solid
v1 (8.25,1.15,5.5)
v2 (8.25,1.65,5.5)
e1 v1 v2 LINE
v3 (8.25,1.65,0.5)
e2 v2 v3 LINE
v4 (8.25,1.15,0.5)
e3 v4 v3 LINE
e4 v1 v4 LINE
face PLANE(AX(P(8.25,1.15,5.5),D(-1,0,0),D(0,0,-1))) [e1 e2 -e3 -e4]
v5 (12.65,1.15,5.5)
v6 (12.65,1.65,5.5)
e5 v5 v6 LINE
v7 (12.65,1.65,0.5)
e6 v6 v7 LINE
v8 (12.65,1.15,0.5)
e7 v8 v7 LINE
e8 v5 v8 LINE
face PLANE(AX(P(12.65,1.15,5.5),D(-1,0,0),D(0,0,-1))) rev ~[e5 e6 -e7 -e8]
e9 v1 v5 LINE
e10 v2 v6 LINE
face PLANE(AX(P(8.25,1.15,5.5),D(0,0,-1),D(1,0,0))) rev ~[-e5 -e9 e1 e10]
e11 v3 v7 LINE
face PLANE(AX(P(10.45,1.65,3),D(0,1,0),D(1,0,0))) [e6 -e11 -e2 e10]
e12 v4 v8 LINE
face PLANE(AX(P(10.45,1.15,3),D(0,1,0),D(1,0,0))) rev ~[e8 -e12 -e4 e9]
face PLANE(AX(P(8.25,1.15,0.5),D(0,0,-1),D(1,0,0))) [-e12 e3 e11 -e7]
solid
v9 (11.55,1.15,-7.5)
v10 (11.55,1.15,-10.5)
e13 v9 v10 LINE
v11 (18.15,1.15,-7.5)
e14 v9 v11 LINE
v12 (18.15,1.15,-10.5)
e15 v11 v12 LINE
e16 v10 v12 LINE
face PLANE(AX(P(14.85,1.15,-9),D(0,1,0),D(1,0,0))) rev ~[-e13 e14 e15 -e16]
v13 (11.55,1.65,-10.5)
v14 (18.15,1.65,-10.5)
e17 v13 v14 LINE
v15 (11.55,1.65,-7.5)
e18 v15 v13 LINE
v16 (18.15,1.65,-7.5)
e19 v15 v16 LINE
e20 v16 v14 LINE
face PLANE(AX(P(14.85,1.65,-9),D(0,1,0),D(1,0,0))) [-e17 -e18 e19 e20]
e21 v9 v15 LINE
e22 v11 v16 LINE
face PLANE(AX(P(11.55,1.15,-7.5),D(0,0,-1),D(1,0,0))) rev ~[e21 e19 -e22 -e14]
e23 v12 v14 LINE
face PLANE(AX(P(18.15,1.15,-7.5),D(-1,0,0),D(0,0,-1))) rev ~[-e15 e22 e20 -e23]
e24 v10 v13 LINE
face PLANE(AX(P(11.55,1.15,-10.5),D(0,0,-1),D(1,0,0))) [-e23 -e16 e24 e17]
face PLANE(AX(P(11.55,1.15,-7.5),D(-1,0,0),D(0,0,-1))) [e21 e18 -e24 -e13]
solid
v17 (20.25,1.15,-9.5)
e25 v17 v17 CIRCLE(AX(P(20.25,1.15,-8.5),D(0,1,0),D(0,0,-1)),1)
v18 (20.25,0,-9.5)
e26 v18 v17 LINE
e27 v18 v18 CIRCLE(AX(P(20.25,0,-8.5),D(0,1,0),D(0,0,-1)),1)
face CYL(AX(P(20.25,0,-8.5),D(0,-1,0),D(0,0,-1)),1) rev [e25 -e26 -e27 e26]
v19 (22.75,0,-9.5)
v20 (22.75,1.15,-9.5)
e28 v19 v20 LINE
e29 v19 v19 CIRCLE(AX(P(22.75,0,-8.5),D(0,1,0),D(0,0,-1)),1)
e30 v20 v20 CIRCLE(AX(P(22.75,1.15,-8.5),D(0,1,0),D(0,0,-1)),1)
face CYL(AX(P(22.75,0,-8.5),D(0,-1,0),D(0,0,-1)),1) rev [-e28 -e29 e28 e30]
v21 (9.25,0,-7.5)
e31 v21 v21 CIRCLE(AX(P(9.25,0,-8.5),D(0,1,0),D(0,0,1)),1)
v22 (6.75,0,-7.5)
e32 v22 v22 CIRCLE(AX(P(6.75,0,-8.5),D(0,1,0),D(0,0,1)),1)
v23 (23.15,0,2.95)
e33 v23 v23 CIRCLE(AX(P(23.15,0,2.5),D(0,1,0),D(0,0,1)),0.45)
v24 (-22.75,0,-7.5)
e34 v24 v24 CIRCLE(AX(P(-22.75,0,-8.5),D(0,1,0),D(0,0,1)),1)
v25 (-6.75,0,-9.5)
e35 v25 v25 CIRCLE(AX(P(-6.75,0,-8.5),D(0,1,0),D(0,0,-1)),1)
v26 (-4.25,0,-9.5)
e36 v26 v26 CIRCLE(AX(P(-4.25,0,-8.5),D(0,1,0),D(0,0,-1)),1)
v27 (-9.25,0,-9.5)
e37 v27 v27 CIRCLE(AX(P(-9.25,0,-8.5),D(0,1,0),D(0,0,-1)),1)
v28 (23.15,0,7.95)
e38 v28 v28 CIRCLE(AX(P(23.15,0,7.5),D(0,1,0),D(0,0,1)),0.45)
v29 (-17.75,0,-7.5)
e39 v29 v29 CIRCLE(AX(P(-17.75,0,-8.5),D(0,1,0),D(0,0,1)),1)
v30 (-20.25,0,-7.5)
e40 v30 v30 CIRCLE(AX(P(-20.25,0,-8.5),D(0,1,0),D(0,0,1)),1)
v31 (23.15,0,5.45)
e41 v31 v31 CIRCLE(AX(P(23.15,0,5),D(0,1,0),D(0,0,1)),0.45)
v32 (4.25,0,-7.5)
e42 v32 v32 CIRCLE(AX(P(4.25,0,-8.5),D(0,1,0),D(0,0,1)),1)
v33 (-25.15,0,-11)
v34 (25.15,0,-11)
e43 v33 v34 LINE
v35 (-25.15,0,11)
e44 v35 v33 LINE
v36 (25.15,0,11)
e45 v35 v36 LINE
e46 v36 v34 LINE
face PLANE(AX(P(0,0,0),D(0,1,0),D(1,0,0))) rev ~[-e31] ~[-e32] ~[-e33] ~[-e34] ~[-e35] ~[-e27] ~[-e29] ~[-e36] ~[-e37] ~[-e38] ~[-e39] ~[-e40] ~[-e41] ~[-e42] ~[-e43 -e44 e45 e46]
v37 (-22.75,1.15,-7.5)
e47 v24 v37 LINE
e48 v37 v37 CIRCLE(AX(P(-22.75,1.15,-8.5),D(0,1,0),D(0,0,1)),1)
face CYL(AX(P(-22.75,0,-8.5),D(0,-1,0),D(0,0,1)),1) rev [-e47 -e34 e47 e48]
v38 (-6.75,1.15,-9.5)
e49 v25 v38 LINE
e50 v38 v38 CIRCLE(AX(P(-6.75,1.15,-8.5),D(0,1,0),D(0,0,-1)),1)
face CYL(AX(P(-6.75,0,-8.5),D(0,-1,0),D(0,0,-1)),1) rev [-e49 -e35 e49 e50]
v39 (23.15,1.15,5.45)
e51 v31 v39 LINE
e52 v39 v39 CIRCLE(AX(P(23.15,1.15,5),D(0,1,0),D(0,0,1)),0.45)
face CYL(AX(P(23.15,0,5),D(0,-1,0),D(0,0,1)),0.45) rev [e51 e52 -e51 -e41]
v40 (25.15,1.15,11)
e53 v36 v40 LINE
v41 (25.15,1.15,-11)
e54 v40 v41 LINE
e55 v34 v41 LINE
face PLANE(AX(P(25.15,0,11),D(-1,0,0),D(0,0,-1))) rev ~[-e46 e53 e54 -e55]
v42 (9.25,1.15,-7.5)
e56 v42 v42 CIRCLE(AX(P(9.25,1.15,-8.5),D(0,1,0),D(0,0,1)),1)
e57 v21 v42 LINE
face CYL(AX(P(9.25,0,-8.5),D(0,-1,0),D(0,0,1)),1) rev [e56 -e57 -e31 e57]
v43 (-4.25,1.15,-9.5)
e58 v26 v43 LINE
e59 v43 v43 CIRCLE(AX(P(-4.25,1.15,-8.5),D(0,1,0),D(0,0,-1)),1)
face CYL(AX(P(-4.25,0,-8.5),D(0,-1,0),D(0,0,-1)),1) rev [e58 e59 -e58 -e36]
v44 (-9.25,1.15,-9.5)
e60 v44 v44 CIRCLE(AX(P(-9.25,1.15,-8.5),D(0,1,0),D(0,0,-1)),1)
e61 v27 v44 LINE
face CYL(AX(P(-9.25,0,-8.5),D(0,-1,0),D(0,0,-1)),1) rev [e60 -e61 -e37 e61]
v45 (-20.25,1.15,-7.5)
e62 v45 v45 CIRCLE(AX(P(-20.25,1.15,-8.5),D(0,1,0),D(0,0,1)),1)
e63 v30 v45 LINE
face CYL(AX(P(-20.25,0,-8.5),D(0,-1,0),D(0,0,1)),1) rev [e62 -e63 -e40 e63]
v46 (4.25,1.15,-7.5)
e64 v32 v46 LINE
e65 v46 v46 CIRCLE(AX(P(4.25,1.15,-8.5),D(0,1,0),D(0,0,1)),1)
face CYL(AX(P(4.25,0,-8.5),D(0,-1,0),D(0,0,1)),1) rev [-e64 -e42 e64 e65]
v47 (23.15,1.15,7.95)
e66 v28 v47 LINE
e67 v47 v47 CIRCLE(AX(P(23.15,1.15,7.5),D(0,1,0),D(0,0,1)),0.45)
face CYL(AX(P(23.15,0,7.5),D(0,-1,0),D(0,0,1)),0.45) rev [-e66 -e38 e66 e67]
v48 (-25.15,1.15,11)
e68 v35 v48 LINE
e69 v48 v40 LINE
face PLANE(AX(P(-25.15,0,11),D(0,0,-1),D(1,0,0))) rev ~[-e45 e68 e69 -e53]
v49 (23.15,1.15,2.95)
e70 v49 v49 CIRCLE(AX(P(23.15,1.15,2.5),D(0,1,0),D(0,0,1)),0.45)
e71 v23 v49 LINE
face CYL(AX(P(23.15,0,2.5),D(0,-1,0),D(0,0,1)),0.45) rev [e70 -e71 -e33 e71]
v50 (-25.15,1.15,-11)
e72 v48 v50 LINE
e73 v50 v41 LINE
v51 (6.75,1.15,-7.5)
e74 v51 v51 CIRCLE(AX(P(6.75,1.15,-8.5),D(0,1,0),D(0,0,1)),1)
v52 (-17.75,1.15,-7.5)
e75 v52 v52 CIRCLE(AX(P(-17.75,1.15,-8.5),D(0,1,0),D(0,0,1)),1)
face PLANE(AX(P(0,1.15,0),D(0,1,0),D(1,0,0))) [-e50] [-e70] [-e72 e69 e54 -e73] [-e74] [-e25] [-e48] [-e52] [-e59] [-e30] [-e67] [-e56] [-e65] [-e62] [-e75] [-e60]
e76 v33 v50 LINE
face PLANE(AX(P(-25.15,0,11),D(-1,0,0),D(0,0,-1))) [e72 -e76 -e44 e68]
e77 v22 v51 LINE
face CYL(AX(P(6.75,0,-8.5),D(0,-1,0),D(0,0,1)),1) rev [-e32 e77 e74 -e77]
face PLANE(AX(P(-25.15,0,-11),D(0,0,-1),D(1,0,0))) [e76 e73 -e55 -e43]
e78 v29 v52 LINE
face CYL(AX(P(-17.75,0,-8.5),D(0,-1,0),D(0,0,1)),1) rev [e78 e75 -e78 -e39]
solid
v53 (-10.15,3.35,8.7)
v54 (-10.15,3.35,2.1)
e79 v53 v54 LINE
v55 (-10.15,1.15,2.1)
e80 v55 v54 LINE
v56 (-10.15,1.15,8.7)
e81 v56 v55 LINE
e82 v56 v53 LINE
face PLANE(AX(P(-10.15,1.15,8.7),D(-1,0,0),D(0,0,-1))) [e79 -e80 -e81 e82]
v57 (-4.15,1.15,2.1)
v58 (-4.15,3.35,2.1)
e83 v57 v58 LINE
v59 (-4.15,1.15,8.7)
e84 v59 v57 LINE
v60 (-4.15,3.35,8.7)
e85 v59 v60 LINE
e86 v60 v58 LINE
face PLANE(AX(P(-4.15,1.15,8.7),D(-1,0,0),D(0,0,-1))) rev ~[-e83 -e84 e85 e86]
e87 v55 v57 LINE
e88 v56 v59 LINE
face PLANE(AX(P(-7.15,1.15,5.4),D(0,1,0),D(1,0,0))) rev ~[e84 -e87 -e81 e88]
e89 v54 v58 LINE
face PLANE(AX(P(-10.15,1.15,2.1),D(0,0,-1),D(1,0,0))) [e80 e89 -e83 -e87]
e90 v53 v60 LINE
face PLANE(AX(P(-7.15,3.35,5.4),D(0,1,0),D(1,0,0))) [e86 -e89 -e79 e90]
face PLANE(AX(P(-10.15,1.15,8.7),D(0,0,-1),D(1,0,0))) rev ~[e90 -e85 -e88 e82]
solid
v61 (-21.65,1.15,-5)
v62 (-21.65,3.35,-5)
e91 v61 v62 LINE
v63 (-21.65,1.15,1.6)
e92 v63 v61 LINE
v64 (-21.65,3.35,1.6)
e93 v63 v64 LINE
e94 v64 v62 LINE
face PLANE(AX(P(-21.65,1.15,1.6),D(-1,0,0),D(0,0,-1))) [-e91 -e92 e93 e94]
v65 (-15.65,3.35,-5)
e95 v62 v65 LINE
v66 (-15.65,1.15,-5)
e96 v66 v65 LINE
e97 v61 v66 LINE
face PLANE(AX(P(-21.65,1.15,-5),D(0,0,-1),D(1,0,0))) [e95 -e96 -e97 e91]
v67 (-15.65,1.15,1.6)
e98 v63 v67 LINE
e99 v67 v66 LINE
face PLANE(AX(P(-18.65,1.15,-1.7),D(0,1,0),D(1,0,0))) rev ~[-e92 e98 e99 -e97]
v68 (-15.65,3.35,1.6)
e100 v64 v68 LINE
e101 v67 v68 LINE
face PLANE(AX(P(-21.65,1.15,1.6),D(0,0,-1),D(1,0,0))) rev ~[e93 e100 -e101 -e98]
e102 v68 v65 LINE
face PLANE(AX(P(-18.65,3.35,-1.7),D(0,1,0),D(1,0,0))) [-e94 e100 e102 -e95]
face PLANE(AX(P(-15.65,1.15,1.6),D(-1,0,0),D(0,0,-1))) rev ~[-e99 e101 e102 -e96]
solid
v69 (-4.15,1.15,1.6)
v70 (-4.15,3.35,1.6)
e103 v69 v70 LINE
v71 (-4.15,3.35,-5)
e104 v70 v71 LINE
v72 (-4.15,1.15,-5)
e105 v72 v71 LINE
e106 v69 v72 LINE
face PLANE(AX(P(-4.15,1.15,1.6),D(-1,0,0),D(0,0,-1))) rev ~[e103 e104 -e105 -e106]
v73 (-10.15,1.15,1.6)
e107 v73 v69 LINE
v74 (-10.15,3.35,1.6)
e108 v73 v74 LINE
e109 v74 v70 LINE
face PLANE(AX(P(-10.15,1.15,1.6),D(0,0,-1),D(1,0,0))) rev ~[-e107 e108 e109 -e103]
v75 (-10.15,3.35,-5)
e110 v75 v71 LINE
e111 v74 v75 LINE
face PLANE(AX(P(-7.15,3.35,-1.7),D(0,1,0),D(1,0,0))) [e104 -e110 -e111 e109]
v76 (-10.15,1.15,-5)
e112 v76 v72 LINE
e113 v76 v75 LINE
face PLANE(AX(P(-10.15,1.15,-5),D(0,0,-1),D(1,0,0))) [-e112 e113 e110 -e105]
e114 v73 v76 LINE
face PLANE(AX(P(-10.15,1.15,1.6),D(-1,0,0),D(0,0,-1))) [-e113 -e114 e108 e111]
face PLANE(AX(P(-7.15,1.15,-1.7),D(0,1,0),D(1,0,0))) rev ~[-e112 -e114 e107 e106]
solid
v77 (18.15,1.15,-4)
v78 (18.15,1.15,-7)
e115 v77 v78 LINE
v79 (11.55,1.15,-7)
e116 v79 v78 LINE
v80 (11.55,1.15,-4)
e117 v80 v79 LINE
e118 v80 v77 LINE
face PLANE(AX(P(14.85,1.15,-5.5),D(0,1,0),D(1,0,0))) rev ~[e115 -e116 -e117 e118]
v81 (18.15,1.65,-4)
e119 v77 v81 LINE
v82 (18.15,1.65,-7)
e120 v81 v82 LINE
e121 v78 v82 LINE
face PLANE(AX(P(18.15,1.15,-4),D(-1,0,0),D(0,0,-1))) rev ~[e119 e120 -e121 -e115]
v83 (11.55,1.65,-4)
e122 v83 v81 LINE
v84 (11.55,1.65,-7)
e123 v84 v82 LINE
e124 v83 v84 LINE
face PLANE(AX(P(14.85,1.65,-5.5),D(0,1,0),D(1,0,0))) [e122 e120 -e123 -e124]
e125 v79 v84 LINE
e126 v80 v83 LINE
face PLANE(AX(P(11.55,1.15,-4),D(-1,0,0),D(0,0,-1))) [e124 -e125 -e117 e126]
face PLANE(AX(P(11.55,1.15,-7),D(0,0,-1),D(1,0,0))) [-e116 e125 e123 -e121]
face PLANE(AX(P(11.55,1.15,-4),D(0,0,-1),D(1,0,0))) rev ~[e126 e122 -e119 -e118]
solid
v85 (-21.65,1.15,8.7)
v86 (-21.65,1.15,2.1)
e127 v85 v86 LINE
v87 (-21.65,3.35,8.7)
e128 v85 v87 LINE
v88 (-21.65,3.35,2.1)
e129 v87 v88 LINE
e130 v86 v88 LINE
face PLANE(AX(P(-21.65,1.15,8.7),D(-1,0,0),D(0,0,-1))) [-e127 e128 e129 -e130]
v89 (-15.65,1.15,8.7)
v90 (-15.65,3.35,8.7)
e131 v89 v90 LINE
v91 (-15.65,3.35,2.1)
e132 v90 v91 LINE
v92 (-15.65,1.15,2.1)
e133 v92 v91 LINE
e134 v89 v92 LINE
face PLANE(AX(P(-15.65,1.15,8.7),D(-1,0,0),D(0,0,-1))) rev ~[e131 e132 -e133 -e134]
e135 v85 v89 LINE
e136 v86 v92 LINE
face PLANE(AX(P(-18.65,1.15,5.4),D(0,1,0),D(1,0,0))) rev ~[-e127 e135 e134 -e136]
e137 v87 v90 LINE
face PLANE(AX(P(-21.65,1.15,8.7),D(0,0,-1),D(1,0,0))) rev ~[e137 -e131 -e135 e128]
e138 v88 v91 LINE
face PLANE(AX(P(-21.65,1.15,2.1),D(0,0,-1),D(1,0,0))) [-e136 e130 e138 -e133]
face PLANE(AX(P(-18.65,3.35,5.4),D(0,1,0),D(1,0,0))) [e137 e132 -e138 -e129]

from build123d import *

# Parameters (mm, degrees)
CROQUIS1_W                = 50.3
CROQUIS1_H                = 22
CROQUIS1_R                = 0.45
CROQUIS1_R_2              = 1
SALIENTE_EXTRUIR1_DEPTH   = 1.15
CROQUIS2_W                = 6
CROQUIS2_H                = 6.6
SALIENTE_EXTRUIR2_DEPTH   = 2.2
SALIENTE_EXTRUIR2_2_DEPTH = 2.2
SALIENTE_EXTRUIR2_3_DEPTH = 2.2
SALIENTE_EXTRUIR2_4_DEPTH = 2.2
CROQUIS3_W                = 4.4
CROQUIS3_H                = 5
SALIENTE_EXTRUIR3_DEPTH   = 0.5
CROQUIS3_W_2              = 6.6
CROQUIS3_H_2              = 3
SALIENTE_EXTRUIR3_2_DEPTH = 0.5
SALIENTE_EXTRUIR3_3_DEPTH = 0.5


with BuildPart() as part:
    # Croquis1 → Saliente-Extruir1 (new body)
    with BuildSketch(Plane(origin=(0, 0, 0), x_dir=(1, 0, 0), z_dir=(0, 1, 0))):
        Rectangle(CROQUIS1_W, CROQUIS1_H)
        with Locations(Location((23.15, -7.5, 0), (0, 0, 270))):
            Circle(CROQUIS1_R, mode=Mode.SUBTRACT)
        with Locations(Location((23.15, -5, 0), (0, 0, 270))):
            Circle(CROQUIS1_R, mode=Mode.SUBTRACT)
        with Locations(Location((23.15, -2.5, 0), (0, 0, 270))):
            Circle(CROQUIS1_R, mode=Mode.SUBTRACT)
        with Locations(Location((4.25, 8.5, 0), (0, 0, 270))):
            Circle(CROQUIS1_R_2, mode=Mode.SUBTRACT)
        with Locations(Location((6.75, 8.5, 0), (0, 0, 270))):
            Circle(CROQUIS1_R_2, mode=Mode.SUBTRACT)
        with Locations(Location((9.25, 8.5, 0), (0, 0, 270))):
            Circle(CROQUIS1_R_2, mode=Mode.SUBTRACT)
        with Locations(Location((-9.25, 8.5, 0), (0, 0, 90))):
            Circle(CROQUIS1_R_2, mode=Mode.SUBTRACT)
        with Locations(Location((-6.75, 8.5, 0), (0, 0, 90))):
            Circle(CROQUIS1_R_2, mode=Mode.SUBTRACT)
        with Locations(Location((-4.25, 8.5, 0), (0, 0, 90))):
            Circle(CROQUIS1_R_2, mode=Mode.SUBTRACT)
        with Locations(Location((-22.75, 8.5, 0), (0, 0, 270))):
            Circle(CROQUIS1_R_2, mode=Mode.SUBTRACT)
        with Locations(Location((-20.25, 8.5, 0), (0, 0, 270))):
            Circle(CROQUIS1_R_2, mode=Mode.SUBTRACT)
        with Locations(Location((-17.75, 8.5, 0), (0, 0, 270))):
            Circle(CROQUIS1_R_2, mode=Mode.SUBTRACT)
        with Locations(Location((22.75, 8.5, 0), (0, 0, 90))):
            Circle(CROQUIS1_R_2, mode=Mode.SUBTRACT)
        with Locations(Location((20.25, 8.5, 0), (0, 0, 90))):
            Circle(CROQUIS1_R_2, mode=Mode.SUBTRACT)
    extrude(amount=SALIENTE_EXTRUIR1_DEPTH)


with BuildPart() as body_2:
    # Croquis2 → Saliente-Extruir2 (new body)
    with BuildSketch(Plane(origin=(0, 1.15, 0), x_dir=(1, 0, 0), z_dir=(0, 1, 0))):
        with Locations((-18.65, 1.7)):
            Rectangle(CROQUIS2_W, CROQUIS2_H)
    extrude(amount=SALIENTE_EXTRUIR2_DEPTH)


with BuildPart() as body_3:
    # Croquis2 → Saliente-Extruir2 2 (new body)
    with BuildSketch(Plane(origin=(0, 1.15, 0), x_dir=(1, 0, 0), z_dir=(0, 1, 0))):
        with Locations((-7.15, 1.7)):
            Rectangle(CROQUIS2_W, CROQUIS2_H)
    extrude(amount=SALIENTE_EXTRUIR2_2_DEPTH)


with BuildPart() as body_4:
    # Croquis2 → Saliente-Extruir2 3 (new body)
    with BuildSketch(Plane(origin=(0, 1.15, 0), x_dir=(1, 0, 0), z_dir=(0, 1, 0))):
        with Locations((-7.15, -5.4)):
            Rectangle(CROQUIS2_W, CROQUIS2_H)
    extrude(amount=SALIENTE_EXTRUIR2_3_DEPTH)


with BuildPart() as body_5:
    # Croquis2 → Saliente-Extruir2 4 (new body)
    with BuildSketch(Plane(origin=(0, 1.15, 0), x_dir=(1, 0, 0), z_dir=(0, 1, 0))):
        with Locations((-18.65, -5.4)):
            Rectangle(CROQUIS2_W, CROQUIS2_H)
    extrude(amount=SALIENTE_EXTRUIR2_4_DEPTH)


with BuildPart() as body_6:
    # Croquis3 → Saliente-Extruir3 (new body)
    with BuildSketch(Plane(origin=(0, 1.15, 0), x_dir=(1, 0, 0), z_dir=(0, 1, 0))):
        with Locations((10.45, -3)):
            Rectangle(CROQUIS3_W, CROQUIS3_H)
    extrude(amount=SALIENTE_EXTRUIR3_DEPTH)


with BuildPart() as body_7:
    # Croquis3 → Saliente-Extruir3 2 (new body)
    with BuildSketch(Plane(origin=(0, 1.15, 0), x_dir=(1, 0, 0), z_dir=(0, 1, 0))):
        with Locations((14.85, 9)):
            Rectangle(CROQUIS3_W_2, CROQUIS3_H_2)
    extrude(amount=SALIENTE_EXTRUIR3_2_DEPTH)


with BuildPart() as body_8:
    # Croquis3 → Saliente-Extruir3 3 (new body)
    with BuildSketch(Plane(origin=(0, 1.15, 0), x_dir=(1, 0, 0), z_dir=(0, 1, 0))):
        with Locations((14.85, 5.5)):
            Rectangle(CROQUIS3_W_2, CROQUIS3_H_2)
    extrude(amount=SALIENTE_EXTRUIR3_3_DEPTH)


solid = Compound([part.part, body_2.part, body_3.part, body_4.part, body_5.part, body_6.part, body_7.part, body_8.part])
